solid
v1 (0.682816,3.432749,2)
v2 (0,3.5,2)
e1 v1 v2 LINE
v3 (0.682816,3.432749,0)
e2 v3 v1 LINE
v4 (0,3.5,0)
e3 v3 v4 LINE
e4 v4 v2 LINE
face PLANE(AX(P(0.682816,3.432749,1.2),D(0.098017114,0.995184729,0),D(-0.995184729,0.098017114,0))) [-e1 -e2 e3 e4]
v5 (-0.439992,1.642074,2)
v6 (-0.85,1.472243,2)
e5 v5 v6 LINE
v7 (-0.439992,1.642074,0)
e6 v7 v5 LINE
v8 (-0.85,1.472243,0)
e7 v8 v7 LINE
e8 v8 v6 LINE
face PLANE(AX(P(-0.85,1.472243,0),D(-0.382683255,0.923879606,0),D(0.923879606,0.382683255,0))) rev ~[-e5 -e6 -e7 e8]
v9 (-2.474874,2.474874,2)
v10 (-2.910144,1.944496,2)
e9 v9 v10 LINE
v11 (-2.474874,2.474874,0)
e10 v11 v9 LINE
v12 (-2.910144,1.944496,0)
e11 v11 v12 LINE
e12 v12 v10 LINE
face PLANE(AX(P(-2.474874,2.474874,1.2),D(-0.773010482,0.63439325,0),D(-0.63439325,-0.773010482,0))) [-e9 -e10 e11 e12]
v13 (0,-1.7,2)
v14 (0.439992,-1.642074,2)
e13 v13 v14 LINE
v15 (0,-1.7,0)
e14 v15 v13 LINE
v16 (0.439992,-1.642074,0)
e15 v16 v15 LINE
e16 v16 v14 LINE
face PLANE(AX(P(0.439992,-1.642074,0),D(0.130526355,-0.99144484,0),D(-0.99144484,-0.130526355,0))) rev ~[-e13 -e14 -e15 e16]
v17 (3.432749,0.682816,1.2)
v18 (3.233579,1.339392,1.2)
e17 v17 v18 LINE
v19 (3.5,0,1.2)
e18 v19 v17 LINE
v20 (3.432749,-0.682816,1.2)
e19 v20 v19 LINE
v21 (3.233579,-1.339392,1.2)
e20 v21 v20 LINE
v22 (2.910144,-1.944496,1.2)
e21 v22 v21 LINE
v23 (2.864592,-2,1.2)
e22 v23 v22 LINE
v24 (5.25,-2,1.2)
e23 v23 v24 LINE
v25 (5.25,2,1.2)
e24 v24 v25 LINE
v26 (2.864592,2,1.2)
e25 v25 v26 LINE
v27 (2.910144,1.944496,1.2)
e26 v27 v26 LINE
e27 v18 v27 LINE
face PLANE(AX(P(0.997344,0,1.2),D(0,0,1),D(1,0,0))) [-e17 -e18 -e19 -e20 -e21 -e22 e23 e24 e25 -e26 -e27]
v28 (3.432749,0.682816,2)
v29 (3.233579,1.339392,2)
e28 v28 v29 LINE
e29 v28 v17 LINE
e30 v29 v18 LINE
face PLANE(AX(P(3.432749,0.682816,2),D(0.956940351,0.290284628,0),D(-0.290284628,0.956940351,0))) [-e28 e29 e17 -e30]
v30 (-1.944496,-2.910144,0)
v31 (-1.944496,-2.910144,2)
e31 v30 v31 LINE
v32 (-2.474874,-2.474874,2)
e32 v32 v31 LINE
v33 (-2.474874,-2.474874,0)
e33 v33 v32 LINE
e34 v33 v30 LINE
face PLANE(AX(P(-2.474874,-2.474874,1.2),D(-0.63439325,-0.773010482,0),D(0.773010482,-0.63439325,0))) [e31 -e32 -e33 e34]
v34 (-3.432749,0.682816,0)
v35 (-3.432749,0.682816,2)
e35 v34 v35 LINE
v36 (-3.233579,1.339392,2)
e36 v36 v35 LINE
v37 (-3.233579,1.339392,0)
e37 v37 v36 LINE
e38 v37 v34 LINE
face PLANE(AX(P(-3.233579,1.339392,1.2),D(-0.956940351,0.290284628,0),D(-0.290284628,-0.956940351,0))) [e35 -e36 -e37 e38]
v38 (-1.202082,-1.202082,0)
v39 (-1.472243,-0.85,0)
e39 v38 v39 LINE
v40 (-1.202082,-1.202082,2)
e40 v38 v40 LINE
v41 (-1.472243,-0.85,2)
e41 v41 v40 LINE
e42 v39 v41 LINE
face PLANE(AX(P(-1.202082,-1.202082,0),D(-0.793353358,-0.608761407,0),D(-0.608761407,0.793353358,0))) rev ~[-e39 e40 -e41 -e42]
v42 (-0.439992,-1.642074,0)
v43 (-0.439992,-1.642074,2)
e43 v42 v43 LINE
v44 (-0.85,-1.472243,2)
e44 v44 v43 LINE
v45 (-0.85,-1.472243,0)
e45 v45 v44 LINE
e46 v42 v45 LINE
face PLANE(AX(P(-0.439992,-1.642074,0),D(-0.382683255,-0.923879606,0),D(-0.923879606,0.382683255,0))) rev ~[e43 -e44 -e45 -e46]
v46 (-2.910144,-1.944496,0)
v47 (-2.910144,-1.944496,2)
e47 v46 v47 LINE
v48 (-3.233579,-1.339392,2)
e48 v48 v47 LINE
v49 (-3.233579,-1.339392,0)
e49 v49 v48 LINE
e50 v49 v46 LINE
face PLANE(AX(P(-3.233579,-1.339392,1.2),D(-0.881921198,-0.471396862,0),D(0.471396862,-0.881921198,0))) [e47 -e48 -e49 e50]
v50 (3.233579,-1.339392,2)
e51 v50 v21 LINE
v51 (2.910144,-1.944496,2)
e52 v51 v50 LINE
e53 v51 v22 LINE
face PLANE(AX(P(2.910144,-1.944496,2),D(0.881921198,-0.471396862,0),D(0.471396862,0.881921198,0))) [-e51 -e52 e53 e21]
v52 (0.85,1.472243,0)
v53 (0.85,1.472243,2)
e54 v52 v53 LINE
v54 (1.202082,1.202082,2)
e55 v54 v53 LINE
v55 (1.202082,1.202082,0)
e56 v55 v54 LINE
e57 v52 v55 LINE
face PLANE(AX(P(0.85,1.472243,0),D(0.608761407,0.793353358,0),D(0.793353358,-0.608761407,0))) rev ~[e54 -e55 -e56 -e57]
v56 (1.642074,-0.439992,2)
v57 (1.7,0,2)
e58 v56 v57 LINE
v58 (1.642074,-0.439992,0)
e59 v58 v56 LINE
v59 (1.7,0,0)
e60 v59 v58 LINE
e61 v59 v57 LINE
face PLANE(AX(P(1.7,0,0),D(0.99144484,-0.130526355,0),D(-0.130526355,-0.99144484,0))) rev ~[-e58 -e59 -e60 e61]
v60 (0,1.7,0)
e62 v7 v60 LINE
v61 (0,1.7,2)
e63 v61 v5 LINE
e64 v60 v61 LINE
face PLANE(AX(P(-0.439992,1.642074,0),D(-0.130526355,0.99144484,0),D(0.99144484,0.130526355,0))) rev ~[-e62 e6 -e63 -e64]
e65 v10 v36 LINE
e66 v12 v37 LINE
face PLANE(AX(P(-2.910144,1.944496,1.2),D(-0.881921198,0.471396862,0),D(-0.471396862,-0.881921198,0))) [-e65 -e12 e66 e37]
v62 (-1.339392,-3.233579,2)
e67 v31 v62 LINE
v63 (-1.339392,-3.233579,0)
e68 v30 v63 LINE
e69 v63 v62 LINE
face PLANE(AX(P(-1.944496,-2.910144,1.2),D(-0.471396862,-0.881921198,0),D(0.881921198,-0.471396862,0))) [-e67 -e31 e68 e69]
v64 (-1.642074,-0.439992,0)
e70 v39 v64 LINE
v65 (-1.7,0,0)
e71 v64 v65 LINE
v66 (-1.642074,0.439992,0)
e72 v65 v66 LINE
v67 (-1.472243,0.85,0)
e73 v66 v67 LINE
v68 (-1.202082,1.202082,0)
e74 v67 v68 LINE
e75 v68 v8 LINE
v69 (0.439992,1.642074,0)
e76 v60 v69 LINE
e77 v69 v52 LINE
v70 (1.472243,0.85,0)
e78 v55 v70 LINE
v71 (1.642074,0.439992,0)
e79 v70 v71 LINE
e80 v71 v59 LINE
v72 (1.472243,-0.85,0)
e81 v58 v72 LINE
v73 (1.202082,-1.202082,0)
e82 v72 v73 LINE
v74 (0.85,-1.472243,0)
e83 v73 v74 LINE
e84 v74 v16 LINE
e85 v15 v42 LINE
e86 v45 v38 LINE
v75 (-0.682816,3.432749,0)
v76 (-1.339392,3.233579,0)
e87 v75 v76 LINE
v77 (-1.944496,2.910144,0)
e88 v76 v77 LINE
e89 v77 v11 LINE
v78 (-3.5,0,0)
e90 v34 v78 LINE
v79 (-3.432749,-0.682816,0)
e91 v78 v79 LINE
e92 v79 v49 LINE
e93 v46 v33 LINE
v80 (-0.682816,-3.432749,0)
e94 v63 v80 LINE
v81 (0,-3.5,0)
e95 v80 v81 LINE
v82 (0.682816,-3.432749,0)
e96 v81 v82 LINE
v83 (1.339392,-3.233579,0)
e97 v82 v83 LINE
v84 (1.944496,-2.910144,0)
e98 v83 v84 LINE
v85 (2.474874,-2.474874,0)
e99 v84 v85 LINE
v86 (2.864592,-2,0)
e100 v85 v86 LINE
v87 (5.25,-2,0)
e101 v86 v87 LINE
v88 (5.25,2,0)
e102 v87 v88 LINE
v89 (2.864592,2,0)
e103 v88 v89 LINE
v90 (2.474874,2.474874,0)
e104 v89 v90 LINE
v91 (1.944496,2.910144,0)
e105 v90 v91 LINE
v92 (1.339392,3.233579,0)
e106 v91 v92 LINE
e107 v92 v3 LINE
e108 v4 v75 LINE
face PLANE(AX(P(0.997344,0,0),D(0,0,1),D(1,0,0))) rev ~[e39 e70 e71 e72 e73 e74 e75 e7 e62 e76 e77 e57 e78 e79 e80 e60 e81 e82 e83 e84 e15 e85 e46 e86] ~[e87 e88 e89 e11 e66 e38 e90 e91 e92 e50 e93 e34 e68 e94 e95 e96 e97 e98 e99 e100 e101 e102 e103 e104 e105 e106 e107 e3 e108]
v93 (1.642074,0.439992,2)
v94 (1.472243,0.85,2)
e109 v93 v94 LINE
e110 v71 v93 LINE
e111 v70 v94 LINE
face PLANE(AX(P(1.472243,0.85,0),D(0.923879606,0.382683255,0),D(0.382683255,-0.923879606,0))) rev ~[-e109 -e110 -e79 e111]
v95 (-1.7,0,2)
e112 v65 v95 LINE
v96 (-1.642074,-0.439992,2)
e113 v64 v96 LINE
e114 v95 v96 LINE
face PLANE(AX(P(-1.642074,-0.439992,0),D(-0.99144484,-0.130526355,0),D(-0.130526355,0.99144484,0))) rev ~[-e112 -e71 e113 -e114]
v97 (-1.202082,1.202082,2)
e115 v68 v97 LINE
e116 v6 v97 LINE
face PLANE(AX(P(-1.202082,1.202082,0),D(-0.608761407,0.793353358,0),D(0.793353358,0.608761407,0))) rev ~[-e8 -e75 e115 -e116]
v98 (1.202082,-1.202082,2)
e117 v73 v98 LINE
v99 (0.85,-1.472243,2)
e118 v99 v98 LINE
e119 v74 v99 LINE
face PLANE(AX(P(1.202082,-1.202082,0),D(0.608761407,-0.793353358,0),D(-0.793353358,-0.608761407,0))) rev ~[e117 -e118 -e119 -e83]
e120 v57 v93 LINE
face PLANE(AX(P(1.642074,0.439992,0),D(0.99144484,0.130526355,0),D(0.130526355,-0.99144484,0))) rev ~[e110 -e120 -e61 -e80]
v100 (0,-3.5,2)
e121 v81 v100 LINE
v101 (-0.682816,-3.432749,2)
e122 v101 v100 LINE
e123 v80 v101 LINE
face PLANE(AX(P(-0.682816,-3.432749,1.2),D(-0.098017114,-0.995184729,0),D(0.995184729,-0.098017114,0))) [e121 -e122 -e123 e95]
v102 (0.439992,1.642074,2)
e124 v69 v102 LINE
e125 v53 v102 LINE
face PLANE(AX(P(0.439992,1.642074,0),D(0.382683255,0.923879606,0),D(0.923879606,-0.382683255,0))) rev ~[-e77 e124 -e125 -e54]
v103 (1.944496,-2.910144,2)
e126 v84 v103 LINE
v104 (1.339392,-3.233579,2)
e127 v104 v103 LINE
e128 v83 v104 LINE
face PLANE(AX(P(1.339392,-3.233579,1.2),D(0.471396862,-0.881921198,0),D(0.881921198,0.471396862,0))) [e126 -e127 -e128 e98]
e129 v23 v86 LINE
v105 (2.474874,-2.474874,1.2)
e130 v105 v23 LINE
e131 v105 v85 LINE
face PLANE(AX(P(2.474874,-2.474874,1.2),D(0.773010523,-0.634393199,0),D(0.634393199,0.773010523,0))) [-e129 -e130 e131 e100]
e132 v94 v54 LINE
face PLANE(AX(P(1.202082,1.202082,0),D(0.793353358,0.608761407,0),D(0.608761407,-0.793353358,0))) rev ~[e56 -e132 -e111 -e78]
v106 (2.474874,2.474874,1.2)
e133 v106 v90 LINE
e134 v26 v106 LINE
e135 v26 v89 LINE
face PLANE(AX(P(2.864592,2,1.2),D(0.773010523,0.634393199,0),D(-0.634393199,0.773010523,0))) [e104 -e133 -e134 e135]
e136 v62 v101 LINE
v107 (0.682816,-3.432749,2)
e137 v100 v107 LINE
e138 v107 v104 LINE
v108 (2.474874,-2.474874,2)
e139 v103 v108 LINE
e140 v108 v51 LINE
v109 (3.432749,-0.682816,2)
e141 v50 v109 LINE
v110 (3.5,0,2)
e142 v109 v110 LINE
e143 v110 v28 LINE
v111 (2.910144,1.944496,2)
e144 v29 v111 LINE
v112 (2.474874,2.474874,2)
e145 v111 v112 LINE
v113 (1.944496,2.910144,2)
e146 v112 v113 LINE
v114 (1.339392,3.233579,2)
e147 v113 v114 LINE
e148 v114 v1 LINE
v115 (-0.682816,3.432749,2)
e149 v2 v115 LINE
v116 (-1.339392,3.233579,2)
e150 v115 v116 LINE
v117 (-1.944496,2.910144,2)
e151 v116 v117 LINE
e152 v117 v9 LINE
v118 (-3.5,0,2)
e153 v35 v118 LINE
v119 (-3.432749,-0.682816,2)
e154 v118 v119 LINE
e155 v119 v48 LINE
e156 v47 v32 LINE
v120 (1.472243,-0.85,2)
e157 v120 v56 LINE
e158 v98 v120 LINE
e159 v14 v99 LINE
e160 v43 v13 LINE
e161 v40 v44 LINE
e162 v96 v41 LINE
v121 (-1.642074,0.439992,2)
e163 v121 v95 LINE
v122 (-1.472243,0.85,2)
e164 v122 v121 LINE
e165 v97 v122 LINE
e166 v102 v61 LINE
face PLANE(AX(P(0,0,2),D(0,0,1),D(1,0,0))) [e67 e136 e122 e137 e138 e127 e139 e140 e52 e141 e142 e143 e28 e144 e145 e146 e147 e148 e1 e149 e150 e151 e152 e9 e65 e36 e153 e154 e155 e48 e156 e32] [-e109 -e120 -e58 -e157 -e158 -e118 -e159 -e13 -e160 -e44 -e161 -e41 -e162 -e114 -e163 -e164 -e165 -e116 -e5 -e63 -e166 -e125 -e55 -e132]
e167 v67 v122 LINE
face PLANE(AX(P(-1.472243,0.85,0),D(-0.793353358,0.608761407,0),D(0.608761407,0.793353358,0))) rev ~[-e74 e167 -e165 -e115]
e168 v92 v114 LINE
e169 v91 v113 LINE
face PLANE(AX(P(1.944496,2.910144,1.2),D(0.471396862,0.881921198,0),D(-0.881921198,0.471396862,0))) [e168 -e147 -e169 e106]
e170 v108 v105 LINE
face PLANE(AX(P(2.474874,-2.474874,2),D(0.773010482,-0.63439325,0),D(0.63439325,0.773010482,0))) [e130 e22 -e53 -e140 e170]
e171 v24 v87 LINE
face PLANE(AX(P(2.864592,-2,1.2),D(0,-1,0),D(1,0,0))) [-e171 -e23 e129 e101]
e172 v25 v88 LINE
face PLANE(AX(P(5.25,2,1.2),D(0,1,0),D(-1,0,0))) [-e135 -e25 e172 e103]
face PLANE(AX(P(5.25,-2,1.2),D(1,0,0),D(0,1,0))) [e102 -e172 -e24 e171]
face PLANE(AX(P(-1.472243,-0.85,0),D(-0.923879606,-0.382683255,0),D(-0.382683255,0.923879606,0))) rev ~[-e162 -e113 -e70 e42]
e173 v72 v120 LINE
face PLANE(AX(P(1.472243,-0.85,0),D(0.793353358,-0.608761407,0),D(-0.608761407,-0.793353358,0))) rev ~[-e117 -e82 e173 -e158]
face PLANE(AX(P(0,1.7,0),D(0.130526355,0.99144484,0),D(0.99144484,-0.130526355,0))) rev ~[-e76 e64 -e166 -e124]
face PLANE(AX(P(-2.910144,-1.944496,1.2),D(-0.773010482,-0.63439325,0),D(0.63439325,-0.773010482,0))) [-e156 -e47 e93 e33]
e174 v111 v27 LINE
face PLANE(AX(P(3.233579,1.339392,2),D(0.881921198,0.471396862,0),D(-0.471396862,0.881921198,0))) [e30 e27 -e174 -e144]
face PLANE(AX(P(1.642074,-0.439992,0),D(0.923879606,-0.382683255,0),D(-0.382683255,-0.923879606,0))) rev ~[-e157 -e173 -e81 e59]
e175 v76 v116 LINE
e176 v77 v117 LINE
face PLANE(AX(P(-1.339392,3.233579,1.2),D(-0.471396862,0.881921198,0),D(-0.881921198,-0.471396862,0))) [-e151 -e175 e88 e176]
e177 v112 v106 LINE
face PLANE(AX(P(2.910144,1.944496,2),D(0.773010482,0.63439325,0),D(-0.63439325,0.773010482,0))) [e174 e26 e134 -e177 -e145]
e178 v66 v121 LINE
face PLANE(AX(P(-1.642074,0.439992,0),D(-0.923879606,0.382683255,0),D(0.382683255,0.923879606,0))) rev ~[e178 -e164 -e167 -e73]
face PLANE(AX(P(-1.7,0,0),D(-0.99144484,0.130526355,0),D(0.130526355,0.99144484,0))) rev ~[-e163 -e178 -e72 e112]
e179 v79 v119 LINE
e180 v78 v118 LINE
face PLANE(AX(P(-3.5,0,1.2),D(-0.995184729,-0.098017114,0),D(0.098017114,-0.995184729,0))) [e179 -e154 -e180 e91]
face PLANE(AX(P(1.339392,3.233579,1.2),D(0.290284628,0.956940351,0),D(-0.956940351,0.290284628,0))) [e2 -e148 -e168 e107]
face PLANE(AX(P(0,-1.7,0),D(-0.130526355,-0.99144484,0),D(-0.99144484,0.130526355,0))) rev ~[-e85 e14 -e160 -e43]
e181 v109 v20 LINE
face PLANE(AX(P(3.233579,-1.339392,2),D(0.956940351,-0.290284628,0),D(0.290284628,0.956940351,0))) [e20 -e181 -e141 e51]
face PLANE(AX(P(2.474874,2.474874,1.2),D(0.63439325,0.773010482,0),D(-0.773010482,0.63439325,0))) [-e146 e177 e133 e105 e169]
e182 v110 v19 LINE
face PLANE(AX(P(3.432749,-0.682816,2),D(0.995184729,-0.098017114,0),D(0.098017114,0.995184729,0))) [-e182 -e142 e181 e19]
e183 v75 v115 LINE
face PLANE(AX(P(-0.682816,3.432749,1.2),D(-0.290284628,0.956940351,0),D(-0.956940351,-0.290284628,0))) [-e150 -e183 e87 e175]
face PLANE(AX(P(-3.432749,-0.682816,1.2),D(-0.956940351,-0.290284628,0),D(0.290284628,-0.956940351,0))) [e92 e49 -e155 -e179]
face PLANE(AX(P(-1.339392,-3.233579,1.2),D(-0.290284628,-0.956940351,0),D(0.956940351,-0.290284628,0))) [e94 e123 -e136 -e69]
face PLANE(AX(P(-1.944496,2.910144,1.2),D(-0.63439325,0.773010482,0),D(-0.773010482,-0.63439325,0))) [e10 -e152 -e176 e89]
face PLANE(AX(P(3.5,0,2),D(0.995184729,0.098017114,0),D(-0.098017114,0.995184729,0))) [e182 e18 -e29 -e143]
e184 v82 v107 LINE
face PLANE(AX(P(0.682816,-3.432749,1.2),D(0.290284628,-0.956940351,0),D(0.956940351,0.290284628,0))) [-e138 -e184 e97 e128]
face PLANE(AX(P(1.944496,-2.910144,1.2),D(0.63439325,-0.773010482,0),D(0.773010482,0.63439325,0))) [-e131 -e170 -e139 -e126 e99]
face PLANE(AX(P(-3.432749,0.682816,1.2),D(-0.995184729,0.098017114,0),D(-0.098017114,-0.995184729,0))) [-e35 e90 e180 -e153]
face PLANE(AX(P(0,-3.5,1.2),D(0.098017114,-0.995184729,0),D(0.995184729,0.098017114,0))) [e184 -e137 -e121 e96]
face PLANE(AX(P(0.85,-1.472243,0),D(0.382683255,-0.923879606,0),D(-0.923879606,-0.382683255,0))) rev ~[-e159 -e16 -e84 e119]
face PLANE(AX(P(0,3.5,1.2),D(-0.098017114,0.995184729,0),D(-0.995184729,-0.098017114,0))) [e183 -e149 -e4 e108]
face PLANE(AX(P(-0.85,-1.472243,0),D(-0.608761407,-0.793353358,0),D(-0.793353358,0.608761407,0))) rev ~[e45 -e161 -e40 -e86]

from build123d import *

# Parameters (mm, degrees)
BOSS_EXTRUDE1_DEPTH = 0.800000038
BOSS_EXTRUDE2_DEPTH = 1.200000057
CUT_EXTRUDE1_DEPTH  = 7.619101177


with BuildPart() as part:
    # Sketch1 → Boss-Extrude1 (new body)
    with BuildSketch(Plane.XY.offset(2.000000095)):
        Polygon((1.944495831, 2.910143696), (1.339392038, 3.233578522), (0.682816142, 3.432748606), (0, 3.500000108), (-0.682816142, 3.432748606), (-1.339392038, 3.233578522), (-1.944495831, 2.910143696), (-2.474873792, 2.474873792), (-2.910143696, 1.944495831), (-3.233578522, 1.339392038), (-3.432748606, 0.682816142), (-3.500000108, 0), (-3.432748606, -0.682816142), (-3.233578522, -1.339392038), (-2.910143696, -1.944495831), (-2.474873792, -2.474873792), (-1.944495831, -2.910143696), (-1.339392038, -3.233578522), (-0.682816142, -3.432748606), (0, -3.500000108), (0.682816142, -3.432748606), (1.339392038, -3.233578522), (1.944495831, -2.910143696), (2.474873792, -2.474873792), (2.910143696, -1.944495831), (3.233578522, -1.339392038), (3.432748606, -0.682816142), (3.500000108, 0), (3.432748606, 0.682816142), (3.233578522, 1.339392038), (2.910143696, 1.944495831), (2.474873792, 2.474873792), align=None)
    extrude(amount=-BOSS_EXTRUDE1_DEPTH)

    # Sketch2 → Boss-Extrude2 (add)
    with BuildSketch(Plane(origin=(0, 0, 1.200000057), x_dir=(-1, 0, 0), z_dir=(0, 0, -1))):
        Polygon((-5.249999929, -2.000000095), (-5.249999929, 2.000000095), (-2.864592476, 2.000000095), (-2.474873792, 2.474873792), (-1.944495831, 2.910143696), (-1.339392038, 3.233578522), (-0.682816142, 3.432748606), (0, 3.500000108), (0.682816142, 3.432748606), (1.339392038, 3.233578522), (1.944495831, 2.910143696), (2.474873792, 2.474873792), (2.910143696, 1.944495831), (3.233578522, 1.339392038), (3.432748606, 0.682816142), (3.500000108, 0), (3.432748606, -0.682816142), (3.233578522, -1.339392038), (2.910143696, -1.944495831), (2.474873792, -2.474873792), (1.944495831, -2.910143696), (1.339392038, -3.233578522), (0.682816142, -3.432748606), (0, -3.500000108), (-0.682816142, -3.432748606), (-1.339392038, -3.233578522), (-1.944495831, -2.910143696), (-2.474873792, -2.474873792), (-2.864592476, -2.000000095), align=None)
    extrude(amount=BOSS_EXTRUDE2_DEPTH)

    # Sketch3 → Cut-Extrude1 (cut, through all)
    with BuildSketch(Plane(origin=(0, 0, 0), x_dir=(-1, 0, 0), z_dir=(0, 0, -1))):
        Polygon((-1.472243224, 0.850000011), (-1.642073854, 0.439992378), (-1.700000023, 0), (-1.642073854, -0.439992378), (-1.472243224, -0.850000011), (-1.202081563, -1.202081563), (-0.850000011, -1.472243224), (-0.439992378, -1.642073854), (0, -1.700000023), (0.439992378, -1.642073854), (0.850000011, -1.472243224), (1.202081563, -1.202081563), (1.472243224, -0.850000011), (1.642073854, -0.439992378), (1.700000023, 0), (1.642073854, 0.439992378), (1.472243224, 0.850000011), (1.202081563, 1.202081563), (0.850000011, 1.472243224), (0.439992378, 1.642073854), (0, 1.700000023), (-0.439992378, 1.642073854), (-0.850000011, 1.472243224), (-1.202081563, 1.202081563), align=None)
    extrude(amount=-CUT_EXTRUDE1_DEPTH, mode=Mode.SUBTRACT)


solid = part.part
